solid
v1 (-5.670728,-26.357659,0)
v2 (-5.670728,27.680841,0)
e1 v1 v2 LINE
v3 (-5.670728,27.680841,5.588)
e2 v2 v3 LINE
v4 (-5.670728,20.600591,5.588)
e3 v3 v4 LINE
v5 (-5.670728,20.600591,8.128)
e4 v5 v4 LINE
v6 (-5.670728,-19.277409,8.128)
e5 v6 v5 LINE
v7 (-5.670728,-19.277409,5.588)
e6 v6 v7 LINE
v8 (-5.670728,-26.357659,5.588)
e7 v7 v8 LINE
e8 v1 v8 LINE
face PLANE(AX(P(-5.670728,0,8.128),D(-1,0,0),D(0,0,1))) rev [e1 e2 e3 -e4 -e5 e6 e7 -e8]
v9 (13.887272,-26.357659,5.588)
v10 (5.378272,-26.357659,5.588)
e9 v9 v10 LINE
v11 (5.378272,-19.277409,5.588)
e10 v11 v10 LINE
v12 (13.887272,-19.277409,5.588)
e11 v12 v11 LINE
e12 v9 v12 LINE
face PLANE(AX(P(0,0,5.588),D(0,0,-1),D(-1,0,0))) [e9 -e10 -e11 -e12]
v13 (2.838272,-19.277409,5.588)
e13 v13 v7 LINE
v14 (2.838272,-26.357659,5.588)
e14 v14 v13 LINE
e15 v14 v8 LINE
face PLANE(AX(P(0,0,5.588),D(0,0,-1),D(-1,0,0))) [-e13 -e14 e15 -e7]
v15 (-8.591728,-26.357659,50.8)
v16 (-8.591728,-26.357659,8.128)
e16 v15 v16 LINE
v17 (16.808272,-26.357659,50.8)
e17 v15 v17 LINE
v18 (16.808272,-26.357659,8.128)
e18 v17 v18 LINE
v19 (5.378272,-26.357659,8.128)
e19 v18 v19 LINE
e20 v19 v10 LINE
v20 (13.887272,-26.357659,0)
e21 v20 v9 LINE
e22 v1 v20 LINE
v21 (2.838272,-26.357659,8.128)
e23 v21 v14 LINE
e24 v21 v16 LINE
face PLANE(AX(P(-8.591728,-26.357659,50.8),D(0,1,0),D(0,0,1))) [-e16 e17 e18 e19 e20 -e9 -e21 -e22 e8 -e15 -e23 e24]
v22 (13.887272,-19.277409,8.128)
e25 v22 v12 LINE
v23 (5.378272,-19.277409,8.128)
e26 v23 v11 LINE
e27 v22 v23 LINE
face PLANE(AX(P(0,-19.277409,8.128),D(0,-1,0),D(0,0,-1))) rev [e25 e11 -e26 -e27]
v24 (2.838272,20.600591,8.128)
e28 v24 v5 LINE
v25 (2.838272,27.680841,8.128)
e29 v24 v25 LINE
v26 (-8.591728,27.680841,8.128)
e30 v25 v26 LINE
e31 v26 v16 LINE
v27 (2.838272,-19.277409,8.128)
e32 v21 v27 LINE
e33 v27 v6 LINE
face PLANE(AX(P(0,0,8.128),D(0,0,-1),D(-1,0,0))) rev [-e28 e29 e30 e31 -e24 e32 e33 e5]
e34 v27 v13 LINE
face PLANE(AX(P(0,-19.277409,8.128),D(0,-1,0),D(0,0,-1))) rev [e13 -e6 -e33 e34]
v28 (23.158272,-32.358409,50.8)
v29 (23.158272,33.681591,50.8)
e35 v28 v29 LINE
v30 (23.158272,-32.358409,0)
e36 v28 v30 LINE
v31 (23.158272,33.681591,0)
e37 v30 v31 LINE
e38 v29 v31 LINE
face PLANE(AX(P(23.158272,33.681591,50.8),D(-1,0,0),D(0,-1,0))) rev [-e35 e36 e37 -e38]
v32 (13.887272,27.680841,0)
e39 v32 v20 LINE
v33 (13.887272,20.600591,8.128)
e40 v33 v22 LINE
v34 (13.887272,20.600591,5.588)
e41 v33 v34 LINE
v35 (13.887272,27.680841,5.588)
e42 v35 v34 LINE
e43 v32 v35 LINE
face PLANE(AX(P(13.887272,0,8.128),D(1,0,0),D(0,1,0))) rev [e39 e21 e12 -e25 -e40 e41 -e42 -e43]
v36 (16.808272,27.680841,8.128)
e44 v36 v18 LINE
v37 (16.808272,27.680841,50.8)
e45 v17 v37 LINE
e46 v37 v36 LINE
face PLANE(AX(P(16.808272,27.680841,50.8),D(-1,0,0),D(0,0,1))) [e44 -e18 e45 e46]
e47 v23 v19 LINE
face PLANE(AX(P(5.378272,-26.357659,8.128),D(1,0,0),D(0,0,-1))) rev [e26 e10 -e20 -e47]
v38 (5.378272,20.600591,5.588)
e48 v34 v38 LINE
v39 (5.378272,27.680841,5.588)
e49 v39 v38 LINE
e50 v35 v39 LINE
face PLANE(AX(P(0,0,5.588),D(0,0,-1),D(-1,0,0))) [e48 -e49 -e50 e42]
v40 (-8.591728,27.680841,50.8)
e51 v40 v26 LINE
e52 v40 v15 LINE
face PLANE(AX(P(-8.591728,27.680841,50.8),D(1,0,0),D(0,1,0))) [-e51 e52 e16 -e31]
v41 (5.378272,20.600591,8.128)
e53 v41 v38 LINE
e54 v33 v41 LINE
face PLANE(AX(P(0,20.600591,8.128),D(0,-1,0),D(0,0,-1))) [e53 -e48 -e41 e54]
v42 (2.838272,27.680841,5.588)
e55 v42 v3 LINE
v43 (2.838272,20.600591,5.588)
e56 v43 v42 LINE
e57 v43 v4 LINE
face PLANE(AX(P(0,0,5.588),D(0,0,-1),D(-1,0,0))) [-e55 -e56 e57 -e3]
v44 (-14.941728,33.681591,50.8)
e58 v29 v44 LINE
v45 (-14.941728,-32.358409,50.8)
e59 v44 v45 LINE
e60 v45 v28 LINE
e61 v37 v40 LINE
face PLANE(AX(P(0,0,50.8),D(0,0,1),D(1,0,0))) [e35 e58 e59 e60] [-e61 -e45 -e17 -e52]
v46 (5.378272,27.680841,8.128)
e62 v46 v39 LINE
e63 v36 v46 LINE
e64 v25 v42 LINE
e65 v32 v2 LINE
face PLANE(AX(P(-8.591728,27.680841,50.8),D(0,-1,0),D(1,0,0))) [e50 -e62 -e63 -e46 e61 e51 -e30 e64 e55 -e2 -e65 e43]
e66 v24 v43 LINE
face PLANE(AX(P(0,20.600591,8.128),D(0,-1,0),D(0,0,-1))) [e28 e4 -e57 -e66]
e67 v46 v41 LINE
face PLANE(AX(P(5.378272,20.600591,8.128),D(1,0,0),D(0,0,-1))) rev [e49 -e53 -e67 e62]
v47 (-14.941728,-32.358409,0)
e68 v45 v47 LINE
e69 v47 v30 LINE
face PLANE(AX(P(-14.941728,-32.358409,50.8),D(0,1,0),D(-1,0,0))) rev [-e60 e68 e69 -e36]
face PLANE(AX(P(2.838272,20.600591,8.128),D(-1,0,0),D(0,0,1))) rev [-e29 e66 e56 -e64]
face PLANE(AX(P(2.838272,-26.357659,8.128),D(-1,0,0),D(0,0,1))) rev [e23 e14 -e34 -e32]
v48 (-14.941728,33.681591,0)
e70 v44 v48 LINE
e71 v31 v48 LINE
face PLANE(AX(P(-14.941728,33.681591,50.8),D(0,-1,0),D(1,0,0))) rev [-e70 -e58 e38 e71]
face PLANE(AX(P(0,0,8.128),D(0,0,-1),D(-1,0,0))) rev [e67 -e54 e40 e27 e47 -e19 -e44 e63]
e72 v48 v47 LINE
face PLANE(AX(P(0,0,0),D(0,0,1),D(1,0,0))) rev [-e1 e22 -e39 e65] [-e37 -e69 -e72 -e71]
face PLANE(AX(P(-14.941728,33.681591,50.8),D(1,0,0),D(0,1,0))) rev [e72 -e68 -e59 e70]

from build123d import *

# Parameters (mm, degrees)
SKETCH1_W           = 38.1
SKETCH1_H           = 66.04
SKETCH1_W_2         = 25.4
SKETCH1_H_2         = 54.0385
BOSS_EXTRUDE1_DEPTH = 50.8
SKETCH4_W           = 25.4
SKETCH4_H           = 7.08025
SKETCH4_W_2         = 2.921
SKETCH4_H_2         = 39.878
BOSS_EXTRUDE2_DEPTH = 2.54
SKETCH5_W           = 2.921
SKETCH5_H           = 54.0385
BOSS_EXTRUDE3_DEPTH = 5.588
SKETCH6_W           = 2.54
SKETCH6_H           = 7.08025
CUT_EXTRUDE1_DEPTH  = 2.54


with BuildPart() as part:
    # Sketch1 → Boss-Extrude1 (new body)
    with BuildSketch(Plane.XY):
        with Locations((4.108271787, 0.661591211)):
            Rectangle(SKETCH1_W, SKETCH1_H)
        with Locations((4.108271787, 0.661591211)):
            Rectangle(SKETCH1_W_2, SKETCH1_H_2, mode=Mode.SUBTRACT)
    extrude(amount=BOSS_EXTRUDE1_DEPTH)

    # Sketch4 → Boss-Extrude2 (add)
    with BuildSketch(Plane(origin=(0, 0, 5.588), x_dir=(-1, 0, 0), z_dir=(0, 0, -1))):
        with Locations((-4.108271787, 24.140716211)):
            Rectangle(SKETCH4_W, SKETCH4_H)
        with Locations((-15.347771787, 0.661591211)):
            Rectangle(SKETCH4_W_2, SKETCH4_H_2)
        with Locations((-4.108271787, -22.817533789)):
            Rectangle(SKETCH4_W, SKETCH4_H)
        with Locations((7.131228213, 0.661591211)):
            Rectangle(SKETCH4_W_2, SKETCH4_H_2)
    extrude(amount=-BOSS_EXTRUDE2_DEPTH)

    # Sketch5 → Boss-Extrude3 (add)
    with BuildSketch(Plane(origin=(0, 0, 5.588), x_dir=(-1, 0, 0), z_dir=(0, 0, -1))):
        with Locations((-15.347771787, 0.661591211)):
            Rectangle(SKETCH5_W, SKETCH5_H)
        with Locations((7.131228213, 0.661591211)):
            Rectangle(SKETCH5_W, SKETCH5_H)
    extrude(amount=BOSS_EXTRUDE3_DEPTH)

    # Sketch6 → Cut-Extrude1 (cut)
    with BuildSketch(Plane(origin=(0, 0, 5.588), x_dir=(-1, 0, 0), z_dir=(0, 0, -1))):
        with Locations((-4.108271787, 24.140716211)):
            Rectangle(SKETCH6_W, SKETCH6_H)
        with Locations((-4.108271787, -22.817533789)):
            Rectangle(SKETCH6_W, SKETCH6_H)
    extrude(amount=-CUT_EXTRUDE1_DEPTH, mode=Mode.SUBTRACT)


solid = part.part
